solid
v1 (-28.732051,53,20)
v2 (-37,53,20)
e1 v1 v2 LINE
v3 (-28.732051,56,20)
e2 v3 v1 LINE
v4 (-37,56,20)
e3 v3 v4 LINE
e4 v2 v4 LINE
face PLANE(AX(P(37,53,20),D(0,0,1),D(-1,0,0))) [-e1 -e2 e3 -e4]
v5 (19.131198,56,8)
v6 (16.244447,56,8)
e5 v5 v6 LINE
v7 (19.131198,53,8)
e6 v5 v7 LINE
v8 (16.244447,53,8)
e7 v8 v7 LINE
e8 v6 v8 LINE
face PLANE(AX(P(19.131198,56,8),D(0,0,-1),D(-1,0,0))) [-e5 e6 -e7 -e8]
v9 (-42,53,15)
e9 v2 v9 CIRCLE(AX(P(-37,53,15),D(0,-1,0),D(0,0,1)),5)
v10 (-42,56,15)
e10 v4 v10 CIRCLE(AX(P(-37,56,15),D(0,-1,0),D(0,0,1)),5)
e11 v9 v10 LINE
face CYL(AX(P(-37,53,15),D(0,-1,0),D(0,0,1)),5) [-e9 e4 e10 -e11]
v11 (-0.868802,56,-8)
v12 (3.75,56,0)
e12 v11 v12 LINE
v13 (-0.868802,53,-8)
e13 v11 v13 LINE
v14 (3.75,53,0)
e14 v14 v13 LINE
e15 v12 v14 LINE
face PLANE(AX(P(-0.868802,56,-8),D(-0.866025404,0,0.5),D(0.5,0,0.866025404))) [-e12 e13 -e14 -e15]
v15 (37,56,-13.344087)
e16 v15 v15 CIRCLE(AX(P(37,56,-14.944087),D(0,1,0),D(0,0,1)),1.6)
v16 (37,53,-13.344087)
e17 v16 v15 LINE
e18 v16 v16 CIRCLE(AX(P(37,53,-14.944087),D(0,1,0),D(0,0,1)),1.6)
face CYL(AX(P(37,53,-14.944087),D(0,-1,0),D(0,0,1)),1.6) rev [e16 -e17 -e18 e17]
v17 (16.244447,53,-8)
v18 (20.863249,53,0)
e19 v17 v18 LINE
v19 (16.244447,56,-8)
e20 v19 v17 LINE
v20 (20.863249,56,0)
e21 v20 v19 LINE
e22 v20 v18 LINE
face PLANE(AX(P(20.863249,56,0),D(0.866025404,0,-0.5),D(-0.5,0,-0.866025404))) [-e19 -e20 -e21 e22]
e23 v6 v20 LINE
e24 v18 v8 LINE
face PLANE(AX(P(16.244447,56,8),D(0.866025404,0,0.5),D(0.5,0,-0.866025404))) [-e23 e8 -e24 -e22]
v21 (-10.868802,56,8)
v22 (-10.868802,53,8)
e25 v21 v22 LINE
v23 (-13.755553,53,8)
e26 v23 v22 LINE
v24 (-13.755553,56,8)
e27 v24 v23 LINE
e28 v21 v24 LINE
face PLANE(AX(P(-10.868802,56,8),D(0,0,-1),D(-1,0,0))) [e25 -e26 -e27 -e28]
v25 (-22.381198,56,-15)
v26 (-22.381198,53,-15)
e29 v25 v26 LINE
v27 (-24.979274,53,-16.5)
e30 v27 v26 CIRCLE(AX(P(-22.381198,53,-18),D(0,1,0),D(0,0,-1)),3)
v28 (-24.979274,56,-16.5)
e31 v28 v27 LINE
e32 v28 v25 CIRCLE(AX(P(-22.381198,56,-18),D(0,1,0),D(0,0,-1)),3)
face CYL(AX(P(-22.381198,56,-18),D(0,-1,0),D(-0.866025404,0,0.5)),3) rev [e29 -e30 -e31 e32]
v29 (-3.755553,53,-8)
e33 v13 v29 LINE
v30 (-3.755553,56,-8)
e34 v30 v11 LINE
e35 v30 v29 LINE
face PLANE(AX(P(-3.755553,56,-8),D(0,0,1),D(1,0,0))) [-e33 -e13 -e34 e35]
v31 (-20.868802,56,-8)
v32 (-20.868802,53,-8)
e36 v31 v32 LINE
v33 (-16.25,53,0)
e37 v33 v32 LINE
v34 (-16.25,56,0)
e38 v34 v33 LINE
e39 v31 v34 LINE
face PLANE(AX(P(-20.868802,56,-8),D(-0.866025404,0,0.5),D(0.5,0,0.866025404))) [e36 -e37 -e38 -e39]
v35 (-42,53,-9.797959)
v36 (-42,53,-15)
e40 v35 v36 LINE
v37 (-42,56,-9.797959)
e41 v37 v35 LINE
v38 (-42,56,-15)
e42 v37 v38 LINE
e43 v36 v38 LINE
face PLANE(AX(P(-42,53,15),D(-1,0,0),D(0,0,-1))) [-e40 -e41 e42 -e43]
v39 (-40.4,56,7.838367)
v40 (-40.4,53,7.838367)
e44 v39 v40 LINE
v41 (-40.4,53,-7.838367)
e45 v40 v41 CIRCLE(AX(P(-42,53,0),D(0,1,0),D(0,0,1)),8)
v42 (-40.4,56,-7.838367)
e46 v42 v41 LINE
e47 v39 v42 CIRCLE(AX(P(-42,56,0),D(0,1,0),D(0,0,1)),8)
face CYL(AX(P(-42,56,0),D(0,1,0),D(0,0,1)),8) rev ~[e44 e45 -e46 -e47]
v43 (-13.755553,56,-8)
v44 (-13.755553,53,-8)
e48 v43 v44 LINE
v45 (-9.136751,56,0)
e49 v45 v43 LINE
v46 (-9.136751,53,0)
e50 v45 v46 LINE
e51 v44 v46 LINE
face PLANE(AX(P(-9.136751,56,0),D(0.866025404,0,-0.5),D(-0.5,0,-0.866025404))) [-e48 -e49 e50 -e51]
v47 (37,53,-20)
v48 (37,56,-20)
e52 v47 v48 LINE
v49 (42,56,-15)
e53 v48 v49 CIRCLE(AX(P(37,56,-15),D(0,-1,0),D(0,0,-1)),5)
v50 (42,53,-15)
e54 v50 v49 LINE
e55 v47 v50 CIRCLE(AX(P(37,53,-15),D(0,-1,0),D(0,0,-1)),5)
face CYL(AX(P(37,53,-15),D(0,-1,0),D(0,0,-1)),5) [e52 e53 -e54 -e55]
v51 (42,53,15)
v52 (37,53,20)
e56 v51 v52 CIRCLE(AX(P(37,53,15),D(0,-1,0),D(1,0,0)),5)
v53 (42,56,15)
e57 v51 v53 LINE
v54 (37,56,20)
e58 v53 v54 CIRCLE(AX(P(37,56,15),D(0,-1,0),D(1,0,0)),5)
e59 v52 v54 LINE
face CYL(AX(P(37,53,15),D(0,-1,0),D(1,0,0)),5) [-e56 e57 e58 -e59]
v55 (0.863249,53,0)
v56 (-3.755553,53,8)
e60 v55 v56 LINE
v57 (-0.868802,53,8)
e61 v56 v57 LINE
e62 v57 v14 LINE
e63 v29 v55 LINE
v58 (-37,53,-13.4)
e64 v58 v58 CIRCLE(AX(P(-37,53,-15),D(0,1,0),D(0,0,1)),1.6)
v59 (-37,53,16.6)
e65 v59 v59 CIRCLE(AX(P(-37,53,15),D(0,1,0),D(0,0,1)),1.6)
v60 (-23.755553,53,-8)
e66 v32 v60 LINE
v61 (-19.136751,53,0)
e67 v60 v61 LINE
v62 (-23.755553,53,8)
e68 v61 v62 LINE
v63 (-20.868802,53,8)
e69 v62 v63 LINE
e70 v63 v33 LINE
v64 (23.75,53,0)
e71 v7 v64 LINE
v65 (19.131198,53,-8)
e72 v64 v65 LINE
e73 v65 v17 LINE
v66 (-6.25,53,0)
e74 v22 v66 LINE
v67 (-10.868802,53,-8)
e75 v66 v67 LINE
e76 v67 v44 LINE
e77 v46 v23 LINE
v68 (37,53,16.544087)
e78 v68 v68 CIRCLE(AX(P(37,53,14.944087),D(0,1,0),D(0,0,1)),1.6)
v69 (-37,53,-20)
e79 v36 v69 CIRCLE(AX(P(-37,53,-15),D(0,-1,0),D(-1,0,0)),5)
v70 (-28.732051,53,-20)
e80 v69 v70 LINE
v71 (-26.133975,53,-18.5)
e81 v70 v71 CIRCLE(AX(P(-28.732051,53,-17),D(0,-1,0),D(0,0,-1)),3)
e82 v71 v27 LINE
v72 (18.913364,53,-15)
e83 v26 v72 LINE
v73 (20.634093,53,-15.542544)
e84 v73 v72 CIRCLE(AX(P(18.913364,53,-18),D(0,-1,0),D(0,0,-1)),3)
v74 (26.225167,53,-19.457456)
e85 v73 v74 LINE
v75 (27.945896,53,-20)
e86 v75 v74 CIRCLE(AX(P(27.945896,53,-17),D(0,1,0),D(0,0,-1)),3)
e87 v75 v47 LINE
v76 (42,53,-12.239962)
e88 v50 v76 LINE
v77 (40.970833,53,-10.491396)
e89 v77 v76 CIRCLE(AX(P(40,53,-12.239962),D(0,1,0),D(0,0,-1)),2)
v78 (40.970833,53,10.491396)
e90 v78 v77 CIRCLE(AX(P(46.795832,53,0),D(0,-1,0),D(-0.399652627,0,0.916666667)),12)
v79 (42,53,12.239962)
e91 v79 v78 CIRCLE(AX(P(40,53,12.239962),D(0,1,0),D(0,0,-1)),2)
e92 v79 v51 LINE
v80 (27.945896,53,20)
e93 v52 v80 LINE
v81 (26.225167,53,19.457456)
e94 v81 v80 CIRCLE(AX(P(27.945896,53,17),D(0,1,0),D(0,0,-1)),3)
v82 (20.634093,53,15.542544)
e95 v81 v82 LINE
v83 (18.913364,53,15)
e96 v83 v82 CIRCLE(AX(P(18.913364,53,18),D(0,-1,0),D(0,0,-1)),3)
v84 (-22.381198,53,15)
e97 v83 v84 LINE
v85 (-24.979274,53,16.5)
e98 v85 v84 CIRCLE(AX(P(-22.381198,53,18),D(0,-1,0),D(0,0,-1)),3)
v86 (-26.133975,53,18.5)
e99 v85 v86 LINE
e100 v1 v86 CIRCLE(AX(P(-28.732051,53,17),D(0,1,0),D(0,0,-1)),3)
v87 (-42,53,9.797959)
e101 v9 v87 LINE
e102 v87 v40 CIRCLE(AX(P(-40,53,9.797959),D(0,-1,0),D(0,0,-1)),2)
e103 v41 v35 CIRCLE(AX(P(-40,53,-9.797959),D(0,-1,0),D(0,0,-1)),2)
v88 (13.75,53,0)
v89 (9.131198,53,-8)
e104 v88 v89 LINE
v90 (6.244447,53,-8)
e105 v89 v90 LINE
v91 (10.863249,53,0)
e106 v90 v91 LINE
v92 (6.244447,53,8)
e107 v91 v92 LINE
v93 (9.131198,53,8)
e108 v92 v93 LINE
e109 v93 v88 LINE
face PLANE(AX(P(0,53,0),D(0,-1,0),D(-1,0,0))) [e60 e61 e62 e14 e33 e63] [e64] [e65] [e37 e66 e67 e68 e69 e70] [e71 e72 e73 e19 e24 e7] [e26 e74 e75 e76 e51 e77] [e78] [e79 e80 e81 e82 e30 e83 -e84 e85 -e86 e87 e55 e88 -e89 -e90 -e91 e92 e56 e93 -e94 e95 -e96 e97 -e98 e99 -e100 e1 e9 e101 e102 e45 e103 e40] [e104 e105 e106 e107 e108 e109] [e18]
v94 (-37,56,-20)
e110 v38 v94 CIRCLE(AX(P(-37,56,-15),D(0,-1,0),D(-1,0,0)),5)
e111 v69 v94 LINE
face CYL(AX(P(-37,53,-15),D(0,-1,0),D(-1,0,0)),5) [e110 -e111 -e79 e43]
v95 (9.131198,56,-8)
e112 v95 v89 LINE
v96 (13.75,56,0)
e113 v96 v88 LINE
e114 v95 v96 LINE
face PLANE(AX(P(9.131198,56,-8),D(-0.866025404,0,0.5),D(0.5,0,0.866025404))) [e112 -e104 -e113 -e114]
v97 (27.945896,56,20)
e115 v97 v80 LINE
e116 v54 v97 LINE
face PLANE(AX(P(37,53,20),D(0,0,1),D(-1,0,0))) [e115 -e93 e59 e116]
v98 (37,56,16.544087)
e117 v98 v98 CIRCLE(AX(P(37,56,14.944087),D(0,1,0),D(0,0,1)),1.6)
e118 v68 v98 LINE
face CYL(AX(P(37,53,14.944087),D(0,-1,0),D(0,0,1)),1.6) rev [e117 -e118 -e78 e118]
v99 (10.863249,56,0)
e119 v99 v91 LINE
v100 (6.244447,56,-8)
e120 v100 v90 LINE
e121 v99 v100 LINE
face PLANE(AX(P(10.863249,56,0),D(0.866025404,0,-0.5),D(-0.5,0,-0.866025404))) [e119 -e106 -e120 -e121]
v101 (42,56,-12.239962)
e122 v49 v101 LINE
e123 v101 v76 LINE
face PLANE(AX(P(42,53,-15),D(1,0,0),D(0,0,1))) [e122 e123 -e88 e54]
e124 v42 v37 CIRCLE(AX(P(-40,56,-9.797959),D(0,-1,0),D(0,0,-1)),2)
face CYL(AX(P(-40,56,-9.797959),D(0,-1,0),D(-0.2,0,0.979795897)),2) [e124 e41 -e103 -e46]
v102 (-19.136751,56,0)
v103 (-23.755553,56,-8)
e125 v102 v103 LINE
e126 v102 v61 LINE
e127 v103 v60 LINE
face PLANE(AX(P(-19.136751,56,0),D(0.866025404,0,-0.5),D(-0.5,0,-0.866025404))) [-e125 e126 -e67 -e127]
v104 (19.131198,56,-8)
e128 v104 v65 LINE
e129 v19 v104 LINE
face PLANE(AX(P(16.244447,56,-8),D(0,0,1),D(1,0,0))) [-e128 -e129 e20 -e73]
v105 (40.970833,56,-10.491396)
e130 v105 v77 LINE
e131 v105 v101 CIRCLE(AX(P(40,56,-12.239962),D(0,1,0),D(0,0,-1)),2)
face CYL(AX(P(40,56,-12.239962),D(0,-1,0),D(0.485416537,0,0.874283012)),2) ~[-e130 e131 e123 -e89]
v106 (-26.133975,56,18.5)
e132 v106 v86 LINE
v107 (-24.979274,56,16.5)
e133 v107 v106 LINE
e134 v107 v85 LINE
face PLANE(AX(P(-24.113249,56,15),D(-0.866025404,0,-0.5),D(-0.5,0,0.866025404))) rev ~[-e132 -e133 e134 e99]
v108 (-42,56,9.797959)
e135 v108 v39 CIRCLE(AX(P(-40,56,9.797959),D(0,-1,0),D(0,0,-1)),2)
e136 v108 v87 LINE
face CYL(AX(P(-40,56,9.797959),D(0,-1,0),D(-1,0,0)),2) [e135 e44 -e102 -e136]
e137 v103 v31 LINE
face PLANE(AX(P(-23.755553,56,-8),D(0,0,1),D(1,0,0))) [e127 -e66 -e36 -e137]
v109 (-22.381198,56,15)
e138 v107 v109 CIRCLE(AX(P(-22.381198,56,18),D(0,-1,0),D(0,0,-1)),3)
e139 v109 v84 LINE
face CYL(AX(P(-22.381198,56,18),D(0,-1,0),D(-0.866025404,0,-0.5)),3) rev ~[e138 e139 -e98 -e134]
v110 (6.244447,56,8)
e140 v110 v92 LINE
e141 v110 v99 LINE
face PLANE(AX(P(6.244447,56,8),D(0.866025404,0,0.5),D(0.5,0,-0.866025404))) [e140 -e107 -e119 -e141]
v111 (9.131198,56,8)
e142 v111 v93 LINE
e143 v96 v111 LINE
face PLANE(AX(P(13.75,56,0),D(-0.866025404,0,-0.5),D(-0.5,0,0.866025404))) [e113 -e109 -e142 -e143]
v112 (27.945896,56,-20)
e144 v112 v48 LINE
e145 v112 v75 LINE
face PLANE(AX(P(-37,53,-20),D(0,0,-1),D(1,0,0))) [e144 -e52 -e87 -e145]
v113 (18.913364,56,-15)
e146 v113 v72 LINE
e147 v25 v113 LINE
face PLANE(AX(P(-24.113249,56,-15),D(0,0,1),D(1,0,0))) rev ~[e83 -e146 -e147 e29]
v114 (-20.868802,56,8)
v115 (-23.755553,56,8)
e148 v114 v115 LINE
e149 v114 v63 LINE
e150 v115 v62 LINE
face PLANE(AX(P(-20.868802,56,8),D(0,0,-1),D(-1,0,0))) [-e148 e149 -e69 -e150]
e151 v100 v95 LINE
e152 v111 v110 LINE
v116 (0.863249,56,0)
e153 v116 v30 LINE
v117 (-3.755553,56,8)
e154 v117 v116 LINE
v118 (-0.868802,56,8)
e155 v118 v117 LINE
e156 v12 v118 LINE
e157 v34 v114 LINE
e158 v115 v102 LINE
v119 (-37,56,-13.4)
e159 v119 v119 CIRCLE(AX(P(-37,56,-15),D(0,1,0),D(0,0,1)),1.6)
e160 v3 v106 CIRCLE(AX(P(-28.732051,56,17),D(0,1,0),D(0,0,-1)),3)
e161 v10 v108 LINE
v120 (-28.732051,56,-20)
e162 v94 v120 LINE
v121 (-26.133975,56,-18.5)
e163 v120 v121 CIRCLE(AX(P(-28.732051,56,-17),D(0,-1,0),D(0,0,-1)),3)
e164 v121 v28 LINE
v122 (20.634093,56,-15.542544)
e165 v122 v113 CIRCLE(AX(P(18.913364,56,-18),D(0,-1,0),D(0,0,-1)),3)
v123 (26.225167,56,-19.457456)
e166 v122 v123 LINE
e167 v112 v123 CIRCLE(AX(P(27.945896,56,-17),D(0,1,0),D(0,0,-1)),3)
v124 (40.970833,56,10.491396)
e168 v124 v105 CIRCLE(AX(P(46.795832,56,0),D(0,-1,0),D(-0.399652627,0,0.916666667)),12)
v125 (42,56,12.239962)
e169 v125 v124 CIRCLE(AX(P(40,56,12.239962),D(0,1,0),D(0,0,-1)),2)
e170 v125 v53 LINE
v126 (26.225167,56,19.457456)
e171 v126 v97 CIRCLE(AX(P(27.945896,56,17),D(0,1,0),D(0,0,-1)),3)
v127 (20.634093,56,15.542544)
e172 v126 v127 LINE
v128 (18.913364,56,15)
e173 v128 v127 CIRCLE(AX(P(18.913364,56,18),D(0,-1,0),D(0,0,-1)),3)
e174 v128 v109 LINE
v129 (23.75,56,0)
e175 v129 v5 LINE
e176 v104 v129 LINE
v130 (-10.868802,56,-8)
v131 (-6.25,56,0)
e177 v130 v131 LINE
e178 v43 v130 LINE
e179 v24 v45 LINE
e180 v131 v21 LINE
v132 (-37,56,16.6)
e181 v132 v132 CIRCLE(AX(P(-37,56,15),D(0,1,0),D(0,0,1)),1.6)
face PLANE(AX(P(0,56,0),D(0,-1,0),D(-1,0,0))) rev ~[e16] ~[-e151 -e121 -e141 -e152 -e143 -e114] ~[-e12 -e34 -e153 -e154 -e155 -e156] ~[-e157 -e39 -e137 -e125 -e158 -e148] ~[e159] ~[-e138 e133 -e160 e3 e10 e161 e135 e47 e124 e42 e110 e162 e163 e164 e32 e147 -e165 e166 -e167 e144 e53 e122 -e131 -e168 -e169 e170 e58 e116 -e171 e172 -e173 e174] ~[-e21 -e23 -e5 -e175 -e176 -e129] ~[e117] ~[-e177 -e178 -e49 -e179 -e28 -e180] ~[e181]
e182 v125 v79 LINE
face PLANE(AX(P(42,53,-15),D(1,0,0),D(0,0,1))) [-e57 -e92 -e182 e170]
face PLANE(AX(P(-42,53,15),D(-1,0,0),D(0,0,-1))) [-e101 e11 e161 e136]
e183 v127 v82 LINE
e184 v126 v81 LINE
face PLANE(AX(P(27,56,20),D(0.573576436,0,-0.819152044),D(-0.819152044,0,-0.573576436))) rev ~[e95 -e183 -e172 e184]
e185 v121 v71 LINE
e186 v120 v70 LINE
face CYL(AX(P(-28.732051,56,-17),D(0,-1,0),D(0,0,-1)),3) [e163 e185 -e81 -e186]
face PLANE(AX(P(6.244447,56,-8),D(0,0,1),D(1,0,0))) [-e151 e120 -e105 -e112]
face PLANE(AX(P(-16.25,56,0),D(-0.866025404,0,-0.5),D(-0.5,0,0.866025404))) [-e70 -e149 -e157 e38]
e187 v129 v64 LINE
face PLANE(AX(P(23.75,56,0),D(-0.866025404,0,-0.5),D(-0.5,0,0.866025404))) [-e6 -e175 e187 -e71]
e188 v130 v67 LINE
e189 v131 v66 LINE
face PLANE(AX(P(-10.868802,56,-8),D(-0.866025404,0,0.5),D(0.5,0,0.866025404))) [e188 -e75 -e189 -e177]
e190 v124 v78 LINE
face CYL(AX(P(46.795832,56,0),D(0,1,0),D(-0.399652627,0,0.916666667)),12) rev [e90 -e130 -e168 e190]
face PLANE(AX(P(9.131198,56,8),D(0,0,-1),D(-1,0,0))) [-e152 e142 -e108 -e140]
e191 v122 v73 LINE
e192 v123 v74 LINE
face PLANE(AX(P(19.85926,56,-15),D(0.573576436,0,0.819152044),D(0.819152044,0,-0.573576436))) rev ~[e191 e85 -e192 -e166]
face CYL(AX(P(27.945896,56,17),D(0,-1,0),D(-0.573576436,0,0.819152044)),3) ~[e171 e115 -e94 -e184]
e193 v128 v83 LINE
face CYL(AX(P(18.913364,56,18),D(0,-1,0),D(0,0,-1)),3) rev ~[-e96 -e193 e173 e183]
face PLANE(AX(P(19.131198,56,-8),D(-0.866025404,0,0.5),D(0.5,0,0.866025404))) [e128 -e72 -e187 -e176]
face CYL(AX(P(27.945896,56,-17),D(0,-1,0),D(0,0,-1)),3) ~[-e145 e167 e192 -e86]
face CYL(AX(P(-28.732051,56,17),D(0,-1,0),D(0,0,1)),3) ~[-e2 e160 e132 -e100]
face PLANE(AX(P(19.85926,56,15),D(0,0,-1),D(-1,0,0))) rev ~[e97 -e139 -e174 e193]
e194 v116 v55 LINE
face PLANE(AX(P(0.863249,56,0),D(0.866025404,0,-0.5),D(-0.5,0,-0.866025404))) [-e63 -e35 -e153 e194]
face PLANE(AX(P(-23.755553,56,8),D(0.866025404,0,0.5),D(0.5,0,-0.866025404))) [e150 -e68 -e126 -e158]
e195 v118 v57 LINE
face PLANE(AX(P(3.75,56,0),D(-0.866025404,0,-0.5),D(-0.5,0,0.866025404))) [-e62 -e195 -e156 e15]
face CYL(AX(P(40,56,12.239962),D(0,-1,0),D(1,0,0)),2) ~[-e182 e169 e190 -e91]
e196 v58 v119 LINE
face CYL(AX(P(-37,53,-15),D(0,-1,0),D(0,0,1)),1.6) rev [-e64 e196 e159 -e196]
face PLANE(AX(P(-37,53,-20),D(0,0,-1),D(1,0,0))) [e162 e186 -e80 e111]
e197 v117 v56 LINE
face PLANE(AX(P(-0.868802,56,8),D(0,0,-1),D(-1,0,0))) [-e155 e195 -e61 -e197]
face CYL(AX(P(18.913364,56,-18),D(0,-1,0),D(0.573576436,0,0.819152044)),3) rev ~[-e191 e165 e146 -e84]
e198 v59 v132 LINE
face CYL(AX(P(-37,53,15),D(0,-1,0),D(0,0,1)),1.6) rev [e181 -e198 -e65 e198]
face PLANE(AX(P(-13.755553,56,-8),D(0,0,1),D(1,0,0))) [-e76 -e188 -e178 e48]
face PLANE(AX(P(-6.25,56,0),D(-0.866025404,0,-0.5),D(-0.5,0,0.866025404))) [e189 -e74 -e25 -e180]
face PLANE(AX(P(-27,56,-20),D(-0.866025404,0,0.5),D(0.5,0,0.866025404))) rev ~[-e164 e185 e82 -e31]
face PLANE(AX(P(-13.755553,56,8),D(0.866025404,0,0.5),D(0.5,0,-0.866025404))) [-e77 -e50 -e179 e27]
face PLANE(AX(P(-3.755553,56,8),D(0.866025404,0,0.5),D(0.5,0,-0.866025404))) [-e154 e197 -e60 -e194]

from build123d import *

# Parameters (mm, degrees)
SKETCH1_R           = 1.6
BOSS_EXTRUDE1_DEPTH = 3
CUT_EXTRUDE1_DEPTH  = 3
FILLET1_R           = 3
CUT_EXTRUDE2_DEPTH  = 47.615448083
FILLET2_R           = 2


with BuildPart() as part:
    # Sketch1 → Boss-Extrude1 (new body)
    with BuildSketch(Plane(origin=(0, 53, 0), x_dir=(1, 0, 0), z_dir=(0, 1, 0))):
        with BuildLine():
            Line((-37, 20), (37, 20))
            ThreePointArc((37, 20), (40.535533906, 18.535533906), (42, 15))
            Line((42, 15), (42, -15))
            ThreePointArc((42, -15), (40.535533906, -18.535533906), (37, -20))
            Line((37, -20), (-37, -20))
            ThreePointArc((-37, -20), (-40.535533906, -18.535533906), (-42, -15))
            Line((-42, -15), (-42, 15))
            ThreePointArc((-42, 15), (-40.535533906, 18.535533906), (-37, 20))
        make_face()
        with Locations(Location((37, 14.944086969, 0), (0, 0, 270))):
            Circle(SKETCH1_R, mode=Mode.SUBTRACT)
        with Locations(Location((37, -14.944086969, 0), (0, 0, 270))):
            Circle(SKETCH1_R, mode=Mode.SUBTRACT)
        with Locations(Location((-37, -15, 0), (0, 0, 270))):
            Circle(SKETCH1_R, mode=Mode.SUBTRACT)
        with Locations(Location((-37, 15, 0), (0, 0, 270))):
            Circle(SKETCH1_R, mode=Mode.SUBTRACT)
    extrude(amount=BOSS_EXTRUDE1_DEPTH)

    # Sketch2 → Cut-Extrude1 (cut)
    with BuildSketch(Plane(origin=(0, 56, 0), x_dir=(1, 0, 0), z_dir=(0, 1, 0))):
        Polygon((-27, 20), (-24.113248654, 15), (19.859259966, 15), (27, 20), align=None)
        Polygon((-27, -20), (27, -20), (19.859259966, -15), (-24.113248654, -15), align=None)
        with BuildLine():
            Line((42, 11), (42, -11))
            ThreePointArc((42, -11), (34.795831523, 0), (42, 11))
        make_face()
        with BuildLine():
            Line((-42, 8), (-42, -8))
            ThreePointArc((-42, -8), (-34, 0), (-42, 8))
        make_face()
    extrude(amount=-CUT_EXTRUDE1_DEPTH, mode=Mode.SUBTRACT)

    # Fillet1
    fillet1_edges = [part.edges().sort_by_distance(p)[0] for p in [
        (-24.113248654, 54.5, -15),
        (19.859259966, 54.5, -15),
        (27, 54.5, -20),
        (-27, 54.5, -20),
        (27, 54.5, 20),
        (19.859259966, 54.5, 15),
        (-24.113248654, 54.5, 15),
        (-27, 54.5, 20),
    ]]
    fillet(fillet1_edges, radius=FILLET1_R)

    # Sketch3 → Cut-Extrude2 (cut, through all)
    with BuildSketch(Plane(origin=(0, 56, 0), x_dir=(1, 0, 0), z_dir=(0, 1, 0))):
        Polygon((20.863248654, 0), (16.244446501, 8), (19.131197846, 8), (23.75, 0), (19.131197846, -8), (16.244446501, -8), align=None)
        Polygon((10.863248654, 0), (6.244446501, 8), (9.131197846, 8), (13.75, 0), (9.131197846, -8), (6.244446501, -8), align=None)
        Polygon((0.863248654, 0), (-3.755553499, 8), (-0.868802154, 8), (3.75, 0), (-0.868802154, -8), (-3.755553499, -8), align=None)
        Polygon((-9.136751346, 0), (-13.755553499, 8), (-10.868802154, 8), (-6.25, 0), (-10.868802154, -8), (-13.755553499, -8), align=None)
        Polygon((-19.136751346, 0), (-23.755553499, 8), (-20.868802154, 8), (-16.25, 0), (-20.868802154, -8), (-23.755553499, -8), align=None)
    extrude(amount=-CUT_EXTRUDE2_DEPTH, mode=Mode.SUBTRACT)

    # Fillet2
    fillet2_edges = [part.edges().sort_by_distance(p)[0] for p in [
        (42, 54.5, -11),
        (42, 54.5, 11),
        (-42, 54.5, 8),
        (-42, 54.5, -8),
    ]]
    fillet(fillet2_edges, radius=FILLET2_R)


solid = part.part
